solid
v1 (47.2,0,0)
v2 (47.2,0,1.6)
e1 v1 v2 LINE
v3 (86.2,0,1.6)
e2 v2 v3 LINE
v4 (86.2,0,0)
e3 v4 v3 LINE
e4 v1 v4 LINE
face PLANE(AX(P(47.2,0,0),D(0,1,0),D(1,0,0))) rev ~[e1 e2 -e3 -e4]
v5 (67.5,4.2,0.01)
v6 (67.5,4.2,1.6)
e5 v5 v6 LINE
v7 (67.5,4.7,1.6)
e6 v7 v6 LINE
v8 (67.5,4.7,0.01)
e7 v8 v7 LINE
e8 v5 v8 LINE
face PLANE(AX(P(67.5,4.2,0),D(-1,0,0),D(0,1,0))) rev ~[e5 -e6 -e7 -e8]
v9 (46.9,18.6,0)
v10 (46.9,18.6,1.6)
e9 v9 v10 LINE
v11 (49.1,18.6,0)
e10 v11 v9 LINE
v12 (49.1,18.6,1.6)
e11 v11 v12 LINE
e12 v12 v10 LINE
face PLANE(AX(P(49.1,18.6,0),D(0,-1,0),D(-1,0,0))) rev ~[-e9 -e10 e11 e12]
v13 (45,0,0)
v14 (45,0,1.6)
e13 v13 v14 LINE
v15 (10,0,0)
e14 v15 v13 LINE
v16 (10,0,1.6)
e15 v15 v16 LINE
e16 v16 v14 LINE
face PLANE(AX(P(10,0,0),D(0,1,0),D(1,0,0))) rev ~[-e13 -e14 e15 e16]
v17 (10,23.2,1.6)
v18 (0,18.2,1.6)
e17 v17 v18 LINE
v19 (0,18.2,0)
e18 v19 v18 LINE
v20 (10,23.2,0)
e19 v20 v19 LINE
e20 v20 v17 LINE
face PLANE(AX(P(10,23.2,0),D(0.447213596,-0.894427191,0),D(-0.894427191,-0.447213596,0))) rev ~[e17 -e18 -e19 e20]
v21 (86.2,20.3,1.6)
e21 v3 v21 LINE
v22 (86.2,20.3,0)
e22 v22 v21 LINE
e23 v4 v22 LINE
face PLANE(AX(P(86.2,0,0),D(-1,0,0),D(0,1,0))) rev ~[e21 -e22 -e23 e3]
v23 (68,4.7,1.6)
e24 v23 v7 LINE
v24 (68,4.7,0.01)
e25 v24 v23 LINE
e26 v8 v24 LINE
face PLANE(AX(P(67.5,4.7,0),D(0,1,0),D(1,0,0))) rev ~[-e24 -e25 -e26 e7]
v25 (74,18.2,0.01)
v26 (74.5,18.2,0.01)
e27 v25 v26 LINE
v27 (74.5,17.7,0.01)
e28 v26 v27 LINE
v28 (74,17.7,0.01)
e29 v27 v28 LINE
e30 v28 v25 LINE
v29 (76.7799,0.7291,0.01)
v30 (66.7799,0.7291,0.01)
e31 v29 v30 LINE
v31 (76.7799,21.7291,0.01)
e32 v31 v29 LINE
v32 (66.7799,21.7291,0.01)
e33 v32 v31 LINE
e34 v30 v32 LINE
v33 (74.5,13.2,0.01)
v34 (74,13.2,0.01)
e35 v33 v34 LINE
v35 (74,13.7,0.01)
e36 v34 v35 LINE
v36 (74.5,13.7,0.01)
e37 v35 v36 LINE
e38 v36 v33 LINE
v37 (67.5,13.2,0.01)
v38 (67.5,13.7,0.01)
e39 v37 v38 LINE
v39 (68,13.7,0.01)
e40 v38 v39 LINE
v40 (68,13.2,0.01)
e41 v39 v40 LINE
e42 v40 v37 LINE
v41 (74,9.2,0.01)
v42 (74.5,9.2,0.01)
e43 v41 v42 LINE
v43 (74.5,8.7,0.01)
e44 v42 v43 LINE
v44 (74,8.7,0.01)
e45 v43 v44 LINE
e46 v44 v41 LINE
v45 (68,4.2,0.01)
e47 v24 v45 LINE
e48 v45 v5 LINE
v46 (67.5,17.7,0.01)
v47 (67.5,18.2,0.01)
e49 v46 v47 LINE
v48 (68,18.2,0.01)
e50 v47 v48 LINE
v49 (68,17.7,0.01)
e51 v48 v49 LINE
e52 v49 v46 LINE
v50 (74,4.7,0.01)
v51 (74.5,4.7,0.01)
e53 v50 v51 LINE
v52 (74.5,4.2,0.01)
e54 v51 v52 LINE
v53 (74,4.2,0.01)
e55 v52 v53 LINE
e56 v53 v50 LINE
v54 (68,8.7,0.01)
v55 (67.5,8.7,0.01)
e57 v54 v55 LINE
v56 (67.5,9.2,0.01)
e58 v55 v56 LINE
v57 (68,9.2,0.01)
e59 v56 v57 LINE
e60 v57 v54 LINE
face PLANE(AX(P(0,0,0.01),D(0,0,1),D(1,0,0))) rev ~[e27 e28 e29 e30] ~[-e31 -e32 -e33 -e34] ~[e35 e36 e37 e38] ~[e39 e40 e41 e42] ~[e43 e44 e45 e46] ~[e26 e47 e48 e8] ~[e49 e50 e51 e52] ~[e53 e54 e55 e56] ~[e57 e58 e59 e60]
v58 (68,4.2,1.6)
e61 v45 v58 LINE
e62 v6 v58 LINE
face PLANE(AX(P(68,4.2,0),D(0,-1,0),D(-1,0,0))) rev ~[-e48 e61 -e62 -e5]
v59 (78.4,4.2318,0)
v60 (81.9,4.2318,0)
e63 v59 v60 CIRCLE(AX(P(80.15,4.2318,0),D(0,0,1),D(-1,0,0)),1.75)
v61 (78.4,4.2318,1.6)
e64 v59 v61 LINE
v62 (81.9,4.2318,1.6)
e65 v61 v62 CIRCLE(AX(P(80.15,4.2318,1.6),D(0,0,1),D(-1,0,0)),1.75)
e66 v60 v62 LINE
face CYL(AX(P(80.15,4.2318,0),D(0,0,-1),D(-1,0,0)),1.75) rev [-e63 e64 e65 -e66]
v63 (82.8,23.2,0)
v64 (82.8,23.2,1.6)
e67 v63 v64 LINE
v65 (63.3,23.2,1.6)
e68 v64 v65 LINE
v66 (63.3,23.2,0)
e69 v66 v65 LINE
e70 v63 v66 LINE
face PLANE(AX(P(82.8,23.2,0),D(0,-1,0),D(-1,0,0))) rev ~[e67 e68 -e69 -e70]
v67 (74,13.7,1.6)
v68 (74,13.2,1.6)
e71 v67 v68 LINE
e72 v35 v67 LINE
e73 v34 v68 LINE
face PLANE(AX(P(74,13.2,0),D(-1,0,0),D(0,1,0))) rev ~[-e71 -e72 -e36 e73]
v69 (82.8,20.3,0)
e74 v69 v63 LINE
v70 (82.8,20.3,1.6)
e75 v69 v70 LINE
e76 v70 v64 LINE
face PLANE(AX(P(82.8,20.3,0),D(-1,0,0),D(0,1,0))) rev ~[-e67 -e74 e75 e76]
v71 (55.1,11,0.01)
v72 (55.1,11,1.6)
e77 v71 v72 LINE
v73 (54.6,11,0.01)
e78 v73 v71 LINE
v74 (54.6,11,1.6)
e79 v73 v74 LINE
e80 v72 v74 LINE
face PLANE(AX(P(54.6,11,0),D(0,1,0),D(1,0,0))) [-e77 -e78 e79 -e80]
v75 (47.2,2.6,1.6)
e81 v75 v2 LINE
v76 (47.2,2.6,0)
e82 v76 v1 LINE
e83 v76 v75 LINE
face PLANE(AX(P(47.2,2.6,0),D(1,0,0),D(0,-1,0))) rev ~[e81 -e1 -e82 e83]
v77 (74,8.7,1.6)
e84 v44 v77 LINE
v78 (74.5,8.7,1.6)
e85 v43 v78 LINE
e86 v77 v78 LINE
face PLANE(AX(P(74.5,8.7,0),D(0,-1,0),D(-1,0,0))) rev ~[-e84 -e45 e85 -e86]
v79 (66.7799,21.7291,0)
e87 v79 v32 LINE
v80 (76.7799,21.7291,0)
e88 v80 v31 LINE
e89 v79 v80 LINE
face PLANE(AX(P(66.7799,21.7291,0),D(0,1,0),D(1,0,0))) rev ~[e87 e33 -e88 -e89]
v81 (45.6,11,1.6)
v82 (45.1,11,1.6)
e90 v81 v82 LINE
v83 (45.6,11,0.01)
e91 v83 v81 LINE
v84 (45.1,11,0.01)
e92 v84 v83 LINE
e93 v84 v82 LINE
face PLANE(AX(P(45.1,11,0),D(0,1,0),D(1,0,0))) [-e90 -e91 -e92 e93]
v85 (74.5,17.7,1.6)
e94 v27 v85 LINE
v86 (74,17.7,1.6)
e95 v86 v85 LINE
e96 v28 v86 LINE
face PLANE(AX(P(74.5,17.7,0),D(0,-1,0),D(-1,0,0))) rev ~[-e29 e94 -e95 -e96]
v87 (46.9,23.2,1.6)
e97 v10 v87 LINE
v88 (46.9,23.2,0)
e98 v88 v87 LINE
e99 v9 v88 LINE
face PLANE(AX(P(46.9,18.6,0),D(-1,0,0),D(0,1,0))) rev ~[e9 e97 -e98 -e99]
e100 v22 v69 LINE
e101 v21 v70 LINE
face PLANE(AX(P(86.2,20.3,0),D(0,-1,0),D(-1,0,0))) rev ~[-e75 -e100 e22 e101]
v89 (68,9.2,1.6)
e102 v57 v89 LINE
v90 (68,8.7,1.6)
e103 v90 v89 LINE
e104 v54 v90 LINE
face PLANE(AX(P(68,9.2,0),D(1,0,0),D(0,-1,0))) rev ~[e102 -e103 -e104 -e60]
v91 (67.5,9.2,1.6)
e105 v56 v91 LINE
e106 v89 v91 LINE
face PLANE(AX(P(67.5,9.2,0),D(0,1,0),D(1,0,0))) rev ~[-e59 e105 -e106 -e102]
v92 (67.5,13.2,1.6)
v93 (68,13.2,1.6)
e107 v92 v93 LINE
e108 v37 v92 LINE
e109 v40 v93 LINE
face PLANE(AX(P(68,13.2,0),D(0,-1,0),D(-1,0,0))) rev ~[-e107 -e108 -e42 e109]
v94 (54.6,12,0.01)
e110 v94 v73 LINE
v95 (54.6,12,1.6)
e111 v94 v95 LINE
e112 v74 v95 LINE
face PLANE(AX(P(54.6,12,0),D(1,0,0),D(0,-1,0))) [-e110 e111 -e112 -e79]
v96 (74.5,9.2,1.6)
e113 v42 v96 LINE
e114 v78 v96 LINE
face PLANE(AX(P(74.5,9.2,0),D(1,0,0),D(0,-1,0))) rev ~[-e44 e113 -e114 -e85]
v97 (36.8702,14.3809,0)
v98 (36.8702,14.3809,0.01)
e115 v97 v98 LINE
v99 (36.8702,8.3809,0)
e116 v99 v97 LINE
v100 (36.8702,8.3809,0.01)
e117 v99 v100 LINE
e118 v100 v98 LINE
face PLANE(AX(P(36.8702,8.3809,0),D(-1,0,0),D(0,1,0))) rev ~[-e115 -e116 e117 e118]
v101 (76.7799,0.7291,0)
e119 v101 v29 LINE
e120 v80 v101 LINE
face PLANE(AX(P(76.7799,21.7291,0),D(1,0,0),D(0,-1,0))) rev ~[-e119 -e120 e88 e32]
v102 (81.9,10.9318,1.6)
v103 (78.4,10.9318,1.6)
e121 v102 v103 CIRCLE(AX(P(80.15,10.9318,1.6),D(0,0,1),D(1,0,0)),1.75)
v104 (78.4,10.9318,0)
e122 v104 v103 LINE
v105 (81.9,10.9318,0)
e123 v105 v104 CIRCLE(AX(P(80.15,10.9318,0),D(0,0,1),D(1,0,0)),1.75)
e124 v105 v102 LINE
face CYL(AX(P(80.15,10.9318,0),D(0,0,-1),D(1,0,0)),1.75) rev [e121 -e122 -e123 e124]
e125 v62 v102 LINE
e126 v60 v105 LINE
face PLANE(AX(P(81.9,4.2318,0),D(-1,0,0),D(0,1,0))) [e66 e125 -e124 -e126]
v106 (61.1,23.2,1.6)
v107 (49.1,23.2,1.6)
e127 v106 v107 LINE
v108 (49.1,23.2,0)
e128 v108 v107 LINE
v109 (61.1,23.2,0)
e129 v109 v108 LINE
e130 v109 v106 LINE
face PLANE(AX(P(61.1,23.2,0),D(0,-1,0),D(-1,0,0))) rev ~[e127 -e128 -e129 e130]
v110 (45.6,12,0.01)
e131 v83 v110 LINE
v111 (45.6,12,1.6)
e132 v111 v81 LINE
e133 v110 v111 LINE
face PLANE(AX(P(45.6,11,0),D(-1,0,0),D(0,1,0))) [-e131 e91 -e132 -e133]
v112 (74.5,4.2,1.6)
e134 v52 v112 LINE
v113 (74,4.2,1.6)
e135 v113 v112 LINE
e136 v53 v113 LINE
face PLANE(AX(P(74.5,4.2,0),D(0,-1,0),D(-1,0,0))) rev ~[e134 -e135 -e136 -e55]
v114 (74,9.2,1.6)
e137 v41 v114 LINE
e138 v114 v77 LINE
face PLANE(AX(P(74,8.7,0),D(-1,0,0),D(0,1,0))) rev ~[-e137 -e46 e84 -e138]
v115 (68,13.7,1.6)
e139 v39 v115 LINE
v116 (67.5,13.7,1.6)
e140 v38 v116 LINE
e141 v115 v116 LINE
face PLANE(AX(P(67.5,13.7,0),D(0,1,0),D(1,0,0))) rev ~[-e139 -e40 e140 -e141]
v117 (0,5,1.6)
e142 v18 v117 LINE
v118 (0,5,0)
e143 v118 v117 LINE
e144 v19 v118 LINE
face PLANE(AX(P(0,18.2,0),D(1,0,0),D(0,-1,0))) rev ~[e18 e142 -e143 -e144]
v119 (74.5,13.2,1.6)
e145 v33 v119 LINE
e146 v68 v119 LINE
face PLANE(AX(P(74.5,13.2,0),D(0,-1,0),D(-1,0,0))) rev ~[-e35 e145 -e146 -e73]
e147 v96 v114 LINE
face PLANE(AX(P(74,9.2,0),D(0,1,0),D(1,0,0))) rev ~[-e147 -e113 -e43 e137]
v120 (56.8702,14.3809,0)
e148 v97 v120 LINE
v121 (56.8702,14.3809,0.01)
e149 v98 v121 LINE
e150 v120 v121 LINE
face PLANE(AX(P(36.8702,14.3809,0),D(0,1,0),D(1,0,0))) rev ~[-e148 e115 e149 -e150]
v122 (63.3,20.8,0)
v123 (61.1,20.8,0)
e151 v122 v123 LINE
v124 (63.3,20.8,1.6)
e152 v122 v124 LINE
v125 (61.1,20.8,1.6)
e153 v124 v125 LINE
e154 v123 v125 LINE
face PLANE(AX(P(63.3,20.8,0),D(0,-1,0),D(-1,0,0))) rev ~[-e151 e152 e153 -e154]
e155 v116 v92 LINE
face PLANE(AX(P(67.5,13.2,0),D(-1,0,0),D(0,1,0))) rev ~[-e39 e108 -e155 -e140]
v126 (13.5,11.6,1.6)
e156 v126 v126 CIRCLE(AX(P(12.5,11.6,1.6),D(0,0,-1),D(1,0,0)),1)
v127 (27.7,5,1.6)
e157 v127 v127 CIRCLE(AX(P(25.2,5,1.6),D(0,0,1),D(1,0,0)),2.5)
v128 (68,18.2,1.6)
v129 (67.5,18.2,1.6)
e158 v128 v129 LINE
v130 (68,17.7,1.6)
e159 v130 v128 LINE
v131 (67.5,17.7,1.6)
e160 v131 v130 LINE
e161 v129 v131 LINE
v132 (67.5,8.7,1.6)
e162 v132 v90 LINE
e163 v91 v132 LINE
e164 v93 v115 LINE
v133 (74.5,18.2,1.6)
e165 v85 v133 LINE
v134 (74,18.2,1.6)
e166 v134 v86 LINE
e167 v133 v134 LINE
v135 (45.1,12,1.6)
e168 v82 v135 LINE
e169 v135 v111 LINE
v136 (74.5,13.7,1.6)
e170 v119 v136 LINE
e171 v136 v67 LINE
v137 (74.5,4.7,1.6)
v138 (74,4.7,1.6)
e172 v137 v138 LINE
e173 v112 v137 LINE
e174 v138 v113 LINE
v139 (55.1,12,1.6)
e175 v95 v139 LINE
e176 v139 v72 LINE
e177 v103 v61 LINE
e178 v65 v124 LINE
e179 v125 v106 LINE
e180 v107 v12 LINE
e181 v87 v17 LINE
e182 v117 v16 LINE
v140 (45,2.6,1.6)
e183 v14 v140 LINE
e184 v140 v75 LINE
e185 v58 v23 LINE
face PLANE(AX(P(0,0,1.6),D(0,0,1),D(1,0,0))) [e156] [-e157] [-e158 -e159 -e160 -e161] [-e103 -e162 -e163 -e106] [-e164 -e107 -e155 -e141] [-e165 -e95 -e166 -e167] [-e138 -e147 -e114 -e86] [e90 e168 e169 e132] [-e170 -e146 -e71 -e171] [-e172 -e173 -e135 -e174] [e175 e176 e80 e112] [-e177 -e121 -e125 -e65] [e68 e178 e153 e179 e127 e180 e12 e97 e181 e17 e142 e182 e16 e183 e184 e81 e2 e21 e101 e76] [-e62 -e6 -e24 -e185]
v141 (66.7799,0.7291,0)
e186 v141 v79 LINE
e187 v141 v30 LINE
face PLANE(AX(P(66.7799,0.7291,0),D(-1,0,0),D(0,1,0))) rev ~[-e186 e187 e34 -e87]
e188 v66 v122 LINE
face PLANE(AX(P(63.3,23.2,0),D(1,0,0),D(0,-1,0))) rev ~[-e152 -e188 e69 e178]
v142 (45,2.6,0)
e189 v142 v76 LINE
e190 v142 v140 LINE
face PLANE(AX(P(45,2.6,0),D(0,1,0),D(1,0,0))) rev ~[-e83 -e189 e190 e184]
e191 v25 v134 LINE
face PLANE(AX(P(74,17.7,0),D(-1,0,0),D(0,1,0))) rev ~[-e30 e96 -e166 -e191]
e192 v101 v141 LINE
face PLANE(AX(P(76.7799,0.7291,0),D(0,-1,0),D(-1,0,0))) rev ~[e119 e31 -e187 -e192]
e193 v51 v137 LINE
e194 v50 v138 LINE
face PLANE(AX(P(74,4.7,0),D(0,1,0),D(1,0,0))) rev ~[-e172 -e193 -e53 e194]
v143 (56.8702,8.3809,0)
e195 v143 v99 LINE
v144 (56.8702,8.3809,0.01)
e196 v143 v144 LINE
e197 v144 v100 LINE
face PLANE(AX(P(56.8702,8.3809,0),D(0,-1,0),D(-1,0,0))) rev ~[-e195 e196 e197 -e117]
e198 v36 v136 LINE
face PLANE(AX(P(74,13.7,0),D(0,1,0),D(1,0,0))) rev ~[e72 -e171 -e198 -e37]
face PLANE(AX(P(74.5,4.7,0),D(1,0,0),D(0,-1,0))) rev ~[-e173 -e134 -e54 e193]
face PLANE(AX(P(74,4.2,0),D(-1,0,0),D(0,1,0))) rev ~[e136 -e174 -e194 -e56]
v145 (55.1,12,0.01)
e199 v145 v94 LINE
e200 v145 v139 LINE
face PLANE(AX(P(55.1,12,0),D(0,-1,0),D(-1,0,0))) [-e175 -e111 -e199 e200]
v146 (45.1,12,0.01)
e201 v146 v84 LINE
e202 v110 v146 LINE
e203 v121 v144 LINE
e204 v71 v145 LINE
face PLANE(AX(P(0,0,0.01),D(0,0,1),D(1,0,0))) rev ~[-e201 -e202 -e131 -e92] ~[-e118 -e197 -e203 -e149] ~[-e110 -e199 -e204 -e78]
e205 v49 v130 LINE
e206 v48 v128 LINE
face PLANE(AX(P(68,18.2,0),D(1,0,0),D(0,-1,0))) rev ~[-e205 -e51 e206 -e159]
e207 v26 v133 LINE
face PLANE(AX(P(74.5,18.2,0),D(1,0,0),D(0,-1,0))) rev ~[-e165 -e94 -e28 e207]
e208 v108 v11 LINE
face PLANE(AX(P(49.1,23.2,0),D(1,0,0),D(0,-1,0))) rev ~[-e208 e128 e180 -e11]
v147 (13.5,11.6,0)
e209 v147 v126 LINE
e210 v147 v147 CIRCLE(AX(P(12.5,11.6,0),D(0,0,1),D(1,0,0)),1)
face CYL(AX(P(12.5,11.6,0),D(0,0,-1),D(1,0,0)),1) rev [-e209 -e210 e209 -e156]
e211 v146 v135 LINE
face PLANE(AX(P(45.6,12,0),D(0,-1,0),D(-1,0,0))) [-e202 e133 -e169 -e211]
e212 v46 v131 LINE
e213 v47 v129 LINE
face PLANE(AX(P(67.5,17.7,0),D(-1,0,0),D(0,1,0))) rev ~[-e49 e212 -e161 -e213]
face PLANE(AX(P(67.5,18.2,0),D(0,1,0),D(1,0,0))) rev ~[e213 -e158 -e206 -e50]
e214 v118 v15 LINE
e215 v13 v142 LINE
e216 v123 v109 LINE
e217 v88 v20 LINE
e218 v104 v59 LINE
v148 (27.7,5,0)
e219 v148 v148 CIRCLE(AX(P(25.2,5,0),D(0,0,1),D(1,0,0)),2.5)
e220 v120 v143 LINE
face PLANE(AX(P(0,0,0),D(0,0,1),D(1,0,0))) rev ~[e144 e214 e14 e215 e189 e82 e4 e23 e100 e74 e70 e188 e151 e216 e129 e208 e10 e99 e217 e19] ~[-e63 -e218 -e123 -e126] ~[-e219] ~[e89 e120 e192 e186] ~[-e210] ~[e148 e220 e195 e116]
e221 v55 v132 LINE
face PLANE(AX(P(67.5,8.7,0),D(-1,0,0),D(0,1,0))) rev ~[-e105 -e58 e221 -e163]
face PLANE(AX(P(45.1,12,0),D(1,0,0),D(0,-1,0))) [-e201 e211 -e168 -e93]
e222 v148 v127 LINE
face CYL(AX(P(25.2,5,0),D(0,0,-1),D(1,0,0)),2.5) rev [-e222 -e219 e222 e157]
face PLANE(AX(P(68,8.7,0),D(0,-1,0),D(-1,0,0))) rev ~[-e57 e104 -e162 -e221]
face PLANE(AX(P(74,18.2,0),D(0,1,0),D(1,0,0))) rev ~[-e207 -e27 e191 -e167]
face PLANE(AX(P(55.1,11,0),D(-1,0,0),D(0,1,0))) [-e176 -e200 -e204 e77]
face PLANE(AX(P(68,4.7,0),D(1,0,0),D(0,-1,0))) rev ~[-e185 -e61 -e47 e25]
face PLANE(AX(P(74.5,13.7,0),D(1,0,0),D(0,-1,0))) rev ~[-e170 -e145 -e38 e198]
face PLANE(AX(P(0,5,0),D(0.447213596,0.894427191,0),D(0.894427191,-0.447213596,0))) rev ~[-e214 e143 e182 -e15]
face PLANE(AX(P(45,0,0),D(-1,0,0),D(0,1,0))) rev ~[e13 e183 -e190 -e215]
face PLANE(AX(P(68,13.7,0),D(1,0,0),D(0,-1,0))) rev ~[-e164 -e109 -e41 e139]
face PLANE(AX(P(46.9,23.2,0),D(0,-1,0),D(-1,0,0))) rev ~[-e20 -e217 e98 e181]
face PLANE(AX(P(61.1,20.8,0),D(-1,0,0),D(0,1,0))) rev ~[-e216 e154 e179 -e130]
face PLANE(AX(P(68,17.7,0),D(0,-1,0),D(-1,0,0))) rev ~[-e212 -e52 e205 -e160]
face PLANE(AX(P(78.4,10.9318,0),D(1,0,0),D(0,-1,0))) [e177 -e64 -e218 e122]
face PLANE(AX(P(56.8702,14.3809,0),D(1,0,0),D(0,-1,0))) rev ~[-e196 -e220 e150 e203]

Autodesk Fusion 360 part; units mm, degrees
sketch "Sketch1" plane through (0, 0, 0) normal (0, 0, 1) x (1, 0, 0) in component "Component"
  line L0 (0, 23.2) -> (86.2, 23.2) construction
  line L1 (86.2, 23.2) -> (86.2, 0) construction
  line L2 (86.2, 0) -> (0, 0) construction
  line L3 (0, 0) -> (0, 23.2) construction
  line L4 (86.2, 20.3) -> (82.8, 20.3)
  line L5 (82.8, 20.3) -> (82.8, 23.2)
  line L6 (82.8, 23.2) -> (63.2045, 23.2)
  line L7 (63.3, 23.2) -> (63.3, 20.8)
  line L8 (63.3, 20.8) -> (61.1, 20.8)
  line L9 (61.1, 20.8) -> (61.1, 23.2)
  line L10 (61.1, 23.2) -> (49.1, 23.2)
  line L11 (49.1, 23.2) -> (49.1, 18.6)
  line L12 (49.1, 18.6) -> (46.9, 18.6)
  line L13 (46.9, 18.6) -> (46.9, 23.2)
  line L14 (46.9, 23.2) -> (10, 23.2)
  line L15 (10, 23.2) -> (0, 18.2)
  line L16 (0, 18.2) -> (0, 5)
  line L17 (0, 5) -> (10, 0)
  line L18 (10, 0) -> (45, 0)
  line L19 (45, 0) -> (45, 2.6)
  line L20 (45, 2.6) -> (47.2, 2.6)
  line L21 (47.2, 2.6) -> (47.2, 0)
  line L22 (47.2, 0) -> (86.2, 0)
  line L23 (86.2, 0) -> (86.2, 20.3)
  circle A0 centre (25.2, 5) radius 2.5
  line L24 (78.4, 10.9318) -> (78.4, 4.2318)
  arc A1 (78.4, 4.2318) -> (81.9, 4.2318) centre (80.15, 4.2318) ccw
  line L25 (81.9, 4.2318) -> (81.9, 10.9318)
  arc A2 (81.9, 10.9318) -> (78.4, 10.9318) centre (80.15, 10.9318) ccw
  line L26 (55.1, 12) -> (54.6, 12)
  line L27 (54.6, 12) -> (54.6, 11)
  line L28 (54.6, 11) -> (55.1, 11)
  line L29 (55.1, 11) -> (55.1, 12)
  line L30 (74, 18.2) -> (74.5, 18.2)
  line L31 (74.5, 18.2) -> (74.5, 17.7)
  line L32 (74.5, 17.7) -> (74, 17.7)
  line L33 (74, 17.7) -> (74, 18.2)
  circle A3 centre (12.5, 11.6) radius 1
  line L34 (36.8702, 14.3809) -> (56.8702, 14.3809)
  line L35 (56.8702, 14.3809) -> (56.8702, 8.3809)
  line L36 (56.8702, 8.3809) -> (36.8702, 8.3809)
  line L37 (36.8702, 8.3809) -> (36.8702, 14.3809)
  line L38 (66.7799, 21.7291) -> (76.7799, 21.7291)
  line L39 (76.7799, 21.7291) -> (76.7799, 0.7291)
  line L40 (76.7799, 0.7291) -> (66.7799, 0.7291)
  line L41 (66.7799, 0.7291) -> (66.7799, 21.7291)
  dimension "d1" = 86.2
  dimension "d2" = 23.2
  dimension "d3" = 2.2
  dimension "d4" = 2.2
  dimension "d5" = 4.6
  dimension "d6" = 2.4
  dimension "d7" = 2.2
  dimension "d8" = 2.6
  dimension "d9" = 3.4
  dimension "d10" = 2.9
  dimension "d11" = 10
  dimension "d12" = 5
  dimension "d13" = 25.2
  dimension "d14" = 5
  dimension "d15" = 5
  dimension "d16" = 45
  dimension "d17" = 46.9
  dimension "d18" = 61.1
  dimension "d19" = 6.7
  dimension "d20" = 4.3
  dimension "d21" = 4.2318
  dimension "d22" = 1.75
  dimension "d23" = 0.5
  dimension "d24" = 55.1
  dimension "d25" = 1
  dimension "d26" = 12
  dimension "d27" = 0.5
  dimension "d28" = 0.5
  dimension "d29" = 74.5
  dimension "d30" = 5
  dimension "d33" = 80.15
  dimension "d34" = 2
  dimension "d35" = 12.5
  dimension "d36" = 11.6
  dimension "d48" = 20
  dimension "d49" = 6
  dimension "d50" = 10
  dimension "d51" = 21
extrude "Extrude1" add sketch "Sketch1" along normal blind 1.6 contours L4 L5 L6 L7 L8 L9 L10 L11 L12 L13 L14 L15 L16 L17 L18 L19 L20 L21 L22 L23 | L26 L27 L28 L29 | L30 L31 L32 L33 | A3 | L34 L35 L36 L37 | L38 L39 L40 L41 in component "Component"
extrude "Extrude2" cut sketch "Sketch1" along normal through all contours L26 L27 L28 L29 in component "Component"
extrude "Extrude3" cut sketch "Sketch1" along normal through all contours L30 L31 L32 L33 in component "Component"
pattern_linear "R-Pattern1" count 2 spacing 6.5 along (-1, 0, 0) count 4 spacing 4.5 along (0, -1, 0) of "Extrude3" in component "Component"
extrude "Extrude4" cut sketch "Sketch1" along normal through all contours A3 in component "Component"
pattern_linear "R-Pattern2" count 2 spacing 9.5 along (-1, 0, 0) of "Extrude2" in component "Component"
extrude "Extrude5" cut sketch "Sketch1" along normal blind 0.01 contours L34 L35 L36 L37 | L38 L39 L40 L41 in component "Component"
component "Component" placed x (1, 0, 0) y (0, 1, 0) z (0, 0, 1) at (0, 0, 0)
equation "d36 = d2 / 2"
